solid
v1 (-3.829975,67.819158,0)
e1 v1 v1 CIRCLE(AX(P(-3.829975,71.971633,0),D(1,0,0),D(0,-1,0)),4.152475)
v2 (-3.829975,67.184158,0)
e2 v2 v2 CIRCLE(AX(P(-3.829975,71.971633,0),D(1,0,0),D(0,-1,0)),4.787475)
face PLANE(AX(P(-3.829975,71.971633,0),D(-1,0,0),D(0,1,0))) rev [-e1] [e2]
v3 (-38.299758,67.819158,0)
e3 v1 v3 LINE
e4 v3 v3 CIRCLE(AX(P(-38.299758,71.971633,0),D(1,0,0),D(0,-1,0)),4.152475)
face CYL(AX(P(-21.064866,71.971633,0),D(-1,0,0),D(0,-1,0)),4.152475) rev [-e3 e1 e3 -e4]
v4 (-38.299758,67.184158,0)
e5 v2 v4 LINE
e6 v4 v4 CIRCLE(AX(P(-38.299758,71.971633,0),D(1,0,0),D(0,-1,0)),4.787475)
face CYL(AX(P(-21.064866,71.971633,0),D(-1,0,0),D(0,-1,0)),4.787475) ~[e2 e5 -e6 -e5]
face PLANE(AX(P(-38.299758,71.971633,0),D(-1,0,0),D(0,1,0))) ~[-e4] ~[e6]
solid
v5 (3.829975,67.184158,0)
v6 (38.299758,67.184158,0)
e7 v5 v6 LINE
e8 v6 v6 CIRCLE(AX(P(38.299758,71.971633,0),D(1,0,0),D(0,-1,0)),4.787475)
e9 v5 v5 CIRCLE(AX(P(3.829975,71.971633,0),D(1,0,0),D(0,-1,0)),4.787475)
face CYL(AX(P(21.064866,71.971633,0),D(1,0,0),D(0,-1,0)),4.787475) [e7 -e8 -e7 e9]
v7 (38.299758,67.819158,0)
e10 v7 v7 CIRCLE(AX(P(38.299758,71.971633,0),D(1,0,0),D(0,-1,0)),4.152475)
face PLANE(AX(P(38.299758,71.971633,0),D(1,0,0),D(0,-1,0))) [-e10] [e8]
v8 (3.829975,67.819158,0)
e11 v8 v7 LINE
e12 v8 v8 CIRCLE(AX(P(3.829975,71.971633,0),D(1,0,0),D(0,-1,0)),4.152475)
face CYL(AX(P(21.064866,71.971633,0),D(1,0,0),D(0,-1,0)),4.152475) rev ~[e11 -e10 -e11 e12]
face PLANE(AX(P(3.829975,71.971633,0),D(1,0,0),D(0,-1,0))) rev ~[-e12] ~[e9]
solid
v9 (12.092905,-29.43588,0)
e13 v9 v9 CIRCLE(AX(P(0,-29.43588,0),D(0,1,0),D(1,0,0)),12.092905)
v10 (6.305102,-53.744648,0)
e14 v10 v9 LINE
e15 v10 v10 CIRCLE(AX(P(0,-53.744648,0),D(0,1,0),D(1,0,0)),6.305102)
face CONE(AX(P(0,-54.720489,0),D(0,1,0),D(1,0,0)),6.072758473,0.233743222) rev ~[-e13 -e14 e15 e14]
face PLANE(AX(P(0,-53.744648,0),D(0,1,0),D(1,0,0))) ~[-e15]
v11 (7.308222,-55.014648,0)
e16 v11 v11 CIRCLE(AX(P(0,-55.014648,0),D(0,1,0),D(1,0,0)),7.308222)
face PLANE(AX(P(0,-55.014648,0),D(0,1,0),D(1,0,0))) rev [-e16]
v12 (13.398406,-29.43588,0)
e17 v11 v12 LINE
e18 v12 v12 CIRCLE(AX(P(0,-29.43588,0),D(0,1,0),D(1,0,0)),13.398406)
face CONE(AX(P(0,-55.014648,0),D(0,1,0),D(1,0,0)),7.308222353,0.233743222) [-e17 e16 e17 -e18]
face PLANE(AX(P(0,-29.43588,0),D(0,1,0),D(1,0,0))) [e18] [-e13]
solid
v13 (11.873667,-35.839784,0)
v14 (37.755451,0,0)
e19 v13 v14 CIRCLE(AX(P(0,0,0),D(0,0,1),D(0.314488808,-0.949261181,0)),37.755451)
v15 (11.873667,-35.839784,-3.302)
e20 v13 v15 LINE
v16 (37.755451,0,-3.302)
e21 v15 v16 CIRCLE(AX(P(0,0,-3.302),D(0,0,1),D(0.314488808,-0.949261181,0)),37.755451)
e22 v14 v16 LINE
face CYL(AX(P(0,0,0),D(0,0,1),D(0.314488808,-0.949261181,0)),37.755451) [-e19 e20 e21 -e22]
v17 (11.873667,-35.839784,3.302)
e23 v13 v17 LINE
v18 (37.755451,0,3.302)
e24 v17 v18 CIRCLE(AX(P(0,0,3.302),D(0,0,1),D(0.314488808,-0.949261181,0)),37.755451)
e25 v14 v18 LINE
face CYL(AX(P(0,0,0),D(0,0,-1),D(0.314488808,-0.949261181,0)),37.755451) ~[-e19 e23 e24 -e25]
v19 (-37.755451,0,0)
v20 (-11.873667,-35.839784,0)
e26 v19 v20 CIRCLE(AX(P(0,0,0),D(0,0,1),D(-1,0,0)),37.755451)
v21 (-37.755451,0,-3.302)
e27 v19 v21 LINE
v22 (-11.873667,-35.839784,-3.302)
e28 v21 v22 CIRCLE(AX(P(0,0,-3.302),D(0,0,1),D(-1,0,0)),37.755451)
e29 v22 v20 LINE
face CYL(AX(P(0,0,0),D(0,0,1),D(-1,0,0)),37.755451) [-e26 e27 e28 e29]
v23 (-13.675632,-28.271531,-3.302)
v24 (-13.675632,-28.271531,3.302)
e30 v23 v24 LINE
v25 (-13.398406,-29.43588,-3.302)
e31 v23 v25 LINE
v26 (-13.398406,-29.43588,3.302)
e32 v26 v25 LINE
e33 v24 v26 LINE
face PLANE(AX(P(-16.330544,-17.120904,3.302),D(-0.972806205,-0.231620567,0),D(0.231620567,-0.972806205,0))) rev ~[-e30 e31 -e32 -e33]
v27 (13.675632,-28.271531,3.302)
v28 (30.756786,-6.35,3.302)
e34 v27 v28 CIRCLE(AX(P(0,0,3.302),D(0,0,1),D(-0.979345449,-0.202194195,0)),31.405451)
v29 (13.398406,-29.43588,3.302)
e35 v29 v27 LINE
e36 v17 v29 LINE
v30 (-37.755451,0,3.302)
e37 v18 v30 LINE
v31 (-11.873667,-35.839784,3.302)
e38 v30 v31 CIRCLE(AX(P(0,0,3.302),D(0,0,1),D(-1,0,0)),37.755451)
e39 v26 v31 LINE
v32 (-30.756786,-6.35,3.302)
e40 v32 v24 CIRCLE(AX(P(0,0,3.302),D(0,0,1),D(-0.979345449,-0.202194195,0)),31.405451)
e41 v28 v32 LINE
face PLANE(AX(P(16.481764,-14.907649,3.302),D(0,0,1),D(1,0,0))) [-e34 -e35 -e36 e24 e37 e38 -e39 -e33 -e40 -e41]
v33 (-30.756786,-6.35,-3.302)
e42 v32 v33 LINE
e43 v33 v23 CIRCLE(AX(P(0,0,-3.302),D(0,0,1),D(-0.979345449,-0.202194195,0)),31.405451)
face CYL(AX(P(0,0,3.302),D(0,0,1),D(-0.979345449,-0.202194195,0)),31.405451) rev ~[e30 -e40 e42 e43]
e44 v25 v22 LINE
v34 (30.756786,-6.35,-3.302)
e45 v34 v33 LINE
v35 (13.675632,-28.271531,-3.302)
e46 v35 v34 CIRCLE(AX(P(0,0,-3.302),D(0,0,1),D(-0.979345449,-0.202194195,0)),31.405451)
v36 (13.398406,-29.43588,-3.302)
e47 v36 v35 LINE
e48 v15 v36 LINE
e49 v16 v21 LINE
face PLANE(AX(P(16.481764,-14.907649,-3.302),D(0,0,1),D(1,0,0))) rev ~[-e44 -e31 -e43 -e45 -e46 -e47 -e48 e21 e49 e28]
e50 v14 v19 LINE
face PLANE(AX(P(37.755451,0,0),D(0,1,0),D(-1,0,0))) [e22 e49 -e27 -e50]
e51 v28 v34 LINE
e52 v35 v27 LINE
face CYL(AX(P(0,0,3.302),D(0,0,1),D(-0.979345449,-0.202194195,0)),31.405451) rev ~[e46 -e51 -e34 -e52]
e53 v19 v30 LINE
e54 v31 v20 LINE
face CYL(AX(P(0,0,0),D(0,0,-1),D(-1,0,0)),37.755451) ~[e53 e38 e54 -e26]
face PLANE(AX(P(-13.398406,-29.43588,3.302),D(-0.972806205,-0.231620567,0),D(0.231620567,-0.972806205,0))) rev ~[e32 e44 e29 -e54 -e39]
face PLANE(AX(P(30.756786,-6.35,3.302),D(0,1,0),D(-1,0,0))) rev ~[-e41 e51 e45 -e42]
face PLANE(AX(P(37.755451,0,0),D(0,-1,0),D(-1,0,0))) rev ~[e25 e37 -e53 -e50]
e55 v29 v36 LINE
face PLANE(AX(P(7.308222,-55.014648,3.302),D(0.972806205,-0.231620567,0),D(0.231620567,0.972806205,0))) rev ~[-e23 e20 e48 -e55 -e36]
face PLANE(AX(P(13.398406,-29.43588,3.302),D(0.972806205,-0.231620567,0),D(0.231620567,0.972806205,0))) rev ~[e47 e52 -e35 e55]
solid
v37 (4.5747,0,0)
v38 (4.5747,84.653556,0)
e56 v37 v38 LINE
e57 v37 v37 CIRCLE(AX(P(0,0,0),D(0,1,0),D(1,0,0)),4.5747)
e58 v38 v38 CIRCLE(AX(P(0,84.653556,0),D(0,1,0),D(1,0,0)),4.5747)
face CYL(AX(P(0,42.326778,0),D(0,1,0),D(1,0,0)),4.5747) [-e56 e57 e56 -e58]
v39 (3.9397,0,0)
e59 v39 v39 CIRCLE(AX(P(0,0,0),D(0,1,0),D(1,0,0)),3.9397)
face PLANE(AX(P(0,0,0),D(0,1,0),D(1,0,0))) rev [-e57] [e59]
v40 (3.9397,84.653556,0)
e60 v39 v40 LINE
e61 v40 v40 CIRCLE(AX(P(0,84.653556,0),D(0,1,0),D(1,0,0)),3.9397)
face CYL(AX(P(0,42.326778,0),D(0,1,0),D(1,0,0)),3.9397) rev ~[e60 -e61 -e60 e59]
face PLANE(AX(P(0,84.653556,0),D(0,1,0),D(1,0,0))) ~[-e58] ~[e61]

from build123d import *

# Parameters (mm, degrees)
F0_W      = 4.5747002587
F0_H      = 84.6535563469
F2_DEPTH  = 3.302
F3_W      = 34.4697830733
F3_H      = 4.7874748707
F7_DEPTH  = 25.4
F8_T      = -1.27
F10_DEPTH = 25.4
F11_T     = -0.635
F11_2_T   = -0.635
F11_3_T   = -0.635


with BuildPart() as f1:
    # F0 (on Top) → F1 (revolve)
    with BuildSketch(Plane.XY):
        with Locations((2.2873501293, 42.3267781734)):
            Rectangle(F0_W, F0_H)
    revolve(axis=Axis((0, 42.3267781734, 0), (0, 1, 0)))

    # F11
    f11_openings = [f1.faces().sort_by_distance(p)[0] for p in [
        (0, 84.653556, 0),
        (0, 0, 0),
    ]]
    offset(amount=F11_T, openings=f11_openings)


with BuildPart() as f1b:
    # F0 (on Top) → F1, piece 2 (revolve)
    with BuildSketch(Plane.XY):
        with BuildLine():
            ThreePointArc((11.8736668494, -35.8397841513), (6.0136042551, -37.2734577994), (0, -37.7554511622))
            Line((0, -37.7554511622), (0, -55.0146475434))
            Line((0, -55.0146475434), (7.3082223535, -55.0146475434))
            Line((7.3082223535, -55.0146475434), (11.8736668494, -35.8397841513))
        make_face()
        with BuildLine():
            Line((13.3984060958, -29.4358804822), (0, -29.4358804822))
            Line((0, -29.4358804822), (0, -37.7554511622))
            ThreePointArc((0, -37.7554511622), (6.0136042551, -37.2734577994), (11.8736668494, -35.8397841513))
            Line((11.8736668494, -35.8397841513), (13.3984060958, -29.4358804822))
        make_face()
    revolve(axis=Axis((0, 42.3267781734, 0), (0, 1, 0)))

    # F8
    f8_openings = [f1b.faces().sort_by_distance(p)[0] for p in [
        (0, -29.43588, 0),
    ]]
    offset(amount=F8_T, openings=f8_openings)


with BuildPart() as f2:
    # F0 (on Top) → F2 (new body, symmetric)
    with BuildSketch(Plane.XY):
        with BuildLine():
            Line((4.5747002587, 0), (0, 0))
            Line((0, 0), (0, -29.4358804822))
            Line((0, -29.4358804822), (13.3984060958, -29.4358804822))
            Line((13.3984060958, -29.4358804822), (11.8736668494, -35.8397841513))
            ThreePointArc((11.8736668494, -35.8397841513), (30.6085751164, -22.1040544201), (37.7554511622, 0))
            Line((37.7554511622, 0), (4.5747002587, 0))
        make_face()
        with BuildLine():
            Line((0, -29.4358804822), (0, 0))
            Line((0, 0), (-37.7554511622, 0))
            ThreePointArc((-37.7554511622, 0), (-26.6971355436, -26.6971355436), (0, -37.7554511622))
            Line((0, -37.7554511622), (0, -29.4358804822))
        make_face()
        with BuildLine():
            Line((13.3984060958, -29.4358804822), (0, -29.4358804822))
            Line((0, -29.4358804822), (0, -37.7554511622))
            ThreePointArc((0, -37.7554511622), (6.0136042551, -37.2734577994), (11.8736668494, -35.8397841513))
            Line((11.8736668494, -35.8397841513), (13.3984060958, -29.4358804822))
        make_face()
    extrude(amount=F2_DEPTH, both=True)

    # F6 (on face) → F7 (cut)
    with BuildSketch(Plane.XY.offset(3.302)):
        with BuildLine():
            ThreePointArc((-30.7567857309, -6.3499999233), (0, -31.405451239), (30.7567857309, -6.3499999233))
            Line((30.7567857309, -6.3499999233), (0, -6.3499999233))
            Line((0, -6.3499999233), (-30.7567857309, -6.3499999233))
        make_face()
    extrude(amount=-F7_DEPTH, mode=Mode.SUBTRACT)

    # F9 (on face) → F10 (cut)
    with BuildSketch(Plane.XY.offset(3.302)):
        Polygon((7.3082223535, -55.0146475434), (13.3984060958, -29.4358804822), (16.3305439812, -17.1209036056), (-16.3305439812, -17.1209036056), (-13.3984060958, -29.4358804822), (-7.3082223535, -55.0146475434), align=None)
    extrude(amount=-F10_DEPTH, mode=Mode.SUBTRACT)


with BuildPart() as f4:
    # F3 (on Top) → F4 (revolve)
    with BuildSketch(Plane.XY):
        with Locations((21.0648664506, 69.5778951049)):
            Rectangle(F3_W, F3_H)
    revolve(axis=Axis((21.0648664506, 71.9716325402, 0), (1, 0, 0)))


with BuildPart() as f5_1:
    # F5: instance of F4
    add(f4.part.mirror(Plane.YZ))

    # F11#3
    f11_3_openings = [f5_1.faces().sort_by_distance(p)[0] for p in [
        (-3.829975, 71.971633, 0),
        (-38.299758, 71.971633, 0),
    ]]
    offset(amount=F11_3_T, openings=f11_3_openings)


with BuildPart() as f4_1:
    add(f4.part)

    # F11#2
    f11_2_openings = [f4_1.faces().sort_by_distance(p)[0] for p in [
        (38.299758, 71.971633, 0),
        (3.829975, 71.971633, 0),
    ]]
    offset(amount=F11_2_T, openings=f11_2_openings)


solid = Compound([f1.part, f1b.part, f2.part, f5_1.part, f4_1.part])
